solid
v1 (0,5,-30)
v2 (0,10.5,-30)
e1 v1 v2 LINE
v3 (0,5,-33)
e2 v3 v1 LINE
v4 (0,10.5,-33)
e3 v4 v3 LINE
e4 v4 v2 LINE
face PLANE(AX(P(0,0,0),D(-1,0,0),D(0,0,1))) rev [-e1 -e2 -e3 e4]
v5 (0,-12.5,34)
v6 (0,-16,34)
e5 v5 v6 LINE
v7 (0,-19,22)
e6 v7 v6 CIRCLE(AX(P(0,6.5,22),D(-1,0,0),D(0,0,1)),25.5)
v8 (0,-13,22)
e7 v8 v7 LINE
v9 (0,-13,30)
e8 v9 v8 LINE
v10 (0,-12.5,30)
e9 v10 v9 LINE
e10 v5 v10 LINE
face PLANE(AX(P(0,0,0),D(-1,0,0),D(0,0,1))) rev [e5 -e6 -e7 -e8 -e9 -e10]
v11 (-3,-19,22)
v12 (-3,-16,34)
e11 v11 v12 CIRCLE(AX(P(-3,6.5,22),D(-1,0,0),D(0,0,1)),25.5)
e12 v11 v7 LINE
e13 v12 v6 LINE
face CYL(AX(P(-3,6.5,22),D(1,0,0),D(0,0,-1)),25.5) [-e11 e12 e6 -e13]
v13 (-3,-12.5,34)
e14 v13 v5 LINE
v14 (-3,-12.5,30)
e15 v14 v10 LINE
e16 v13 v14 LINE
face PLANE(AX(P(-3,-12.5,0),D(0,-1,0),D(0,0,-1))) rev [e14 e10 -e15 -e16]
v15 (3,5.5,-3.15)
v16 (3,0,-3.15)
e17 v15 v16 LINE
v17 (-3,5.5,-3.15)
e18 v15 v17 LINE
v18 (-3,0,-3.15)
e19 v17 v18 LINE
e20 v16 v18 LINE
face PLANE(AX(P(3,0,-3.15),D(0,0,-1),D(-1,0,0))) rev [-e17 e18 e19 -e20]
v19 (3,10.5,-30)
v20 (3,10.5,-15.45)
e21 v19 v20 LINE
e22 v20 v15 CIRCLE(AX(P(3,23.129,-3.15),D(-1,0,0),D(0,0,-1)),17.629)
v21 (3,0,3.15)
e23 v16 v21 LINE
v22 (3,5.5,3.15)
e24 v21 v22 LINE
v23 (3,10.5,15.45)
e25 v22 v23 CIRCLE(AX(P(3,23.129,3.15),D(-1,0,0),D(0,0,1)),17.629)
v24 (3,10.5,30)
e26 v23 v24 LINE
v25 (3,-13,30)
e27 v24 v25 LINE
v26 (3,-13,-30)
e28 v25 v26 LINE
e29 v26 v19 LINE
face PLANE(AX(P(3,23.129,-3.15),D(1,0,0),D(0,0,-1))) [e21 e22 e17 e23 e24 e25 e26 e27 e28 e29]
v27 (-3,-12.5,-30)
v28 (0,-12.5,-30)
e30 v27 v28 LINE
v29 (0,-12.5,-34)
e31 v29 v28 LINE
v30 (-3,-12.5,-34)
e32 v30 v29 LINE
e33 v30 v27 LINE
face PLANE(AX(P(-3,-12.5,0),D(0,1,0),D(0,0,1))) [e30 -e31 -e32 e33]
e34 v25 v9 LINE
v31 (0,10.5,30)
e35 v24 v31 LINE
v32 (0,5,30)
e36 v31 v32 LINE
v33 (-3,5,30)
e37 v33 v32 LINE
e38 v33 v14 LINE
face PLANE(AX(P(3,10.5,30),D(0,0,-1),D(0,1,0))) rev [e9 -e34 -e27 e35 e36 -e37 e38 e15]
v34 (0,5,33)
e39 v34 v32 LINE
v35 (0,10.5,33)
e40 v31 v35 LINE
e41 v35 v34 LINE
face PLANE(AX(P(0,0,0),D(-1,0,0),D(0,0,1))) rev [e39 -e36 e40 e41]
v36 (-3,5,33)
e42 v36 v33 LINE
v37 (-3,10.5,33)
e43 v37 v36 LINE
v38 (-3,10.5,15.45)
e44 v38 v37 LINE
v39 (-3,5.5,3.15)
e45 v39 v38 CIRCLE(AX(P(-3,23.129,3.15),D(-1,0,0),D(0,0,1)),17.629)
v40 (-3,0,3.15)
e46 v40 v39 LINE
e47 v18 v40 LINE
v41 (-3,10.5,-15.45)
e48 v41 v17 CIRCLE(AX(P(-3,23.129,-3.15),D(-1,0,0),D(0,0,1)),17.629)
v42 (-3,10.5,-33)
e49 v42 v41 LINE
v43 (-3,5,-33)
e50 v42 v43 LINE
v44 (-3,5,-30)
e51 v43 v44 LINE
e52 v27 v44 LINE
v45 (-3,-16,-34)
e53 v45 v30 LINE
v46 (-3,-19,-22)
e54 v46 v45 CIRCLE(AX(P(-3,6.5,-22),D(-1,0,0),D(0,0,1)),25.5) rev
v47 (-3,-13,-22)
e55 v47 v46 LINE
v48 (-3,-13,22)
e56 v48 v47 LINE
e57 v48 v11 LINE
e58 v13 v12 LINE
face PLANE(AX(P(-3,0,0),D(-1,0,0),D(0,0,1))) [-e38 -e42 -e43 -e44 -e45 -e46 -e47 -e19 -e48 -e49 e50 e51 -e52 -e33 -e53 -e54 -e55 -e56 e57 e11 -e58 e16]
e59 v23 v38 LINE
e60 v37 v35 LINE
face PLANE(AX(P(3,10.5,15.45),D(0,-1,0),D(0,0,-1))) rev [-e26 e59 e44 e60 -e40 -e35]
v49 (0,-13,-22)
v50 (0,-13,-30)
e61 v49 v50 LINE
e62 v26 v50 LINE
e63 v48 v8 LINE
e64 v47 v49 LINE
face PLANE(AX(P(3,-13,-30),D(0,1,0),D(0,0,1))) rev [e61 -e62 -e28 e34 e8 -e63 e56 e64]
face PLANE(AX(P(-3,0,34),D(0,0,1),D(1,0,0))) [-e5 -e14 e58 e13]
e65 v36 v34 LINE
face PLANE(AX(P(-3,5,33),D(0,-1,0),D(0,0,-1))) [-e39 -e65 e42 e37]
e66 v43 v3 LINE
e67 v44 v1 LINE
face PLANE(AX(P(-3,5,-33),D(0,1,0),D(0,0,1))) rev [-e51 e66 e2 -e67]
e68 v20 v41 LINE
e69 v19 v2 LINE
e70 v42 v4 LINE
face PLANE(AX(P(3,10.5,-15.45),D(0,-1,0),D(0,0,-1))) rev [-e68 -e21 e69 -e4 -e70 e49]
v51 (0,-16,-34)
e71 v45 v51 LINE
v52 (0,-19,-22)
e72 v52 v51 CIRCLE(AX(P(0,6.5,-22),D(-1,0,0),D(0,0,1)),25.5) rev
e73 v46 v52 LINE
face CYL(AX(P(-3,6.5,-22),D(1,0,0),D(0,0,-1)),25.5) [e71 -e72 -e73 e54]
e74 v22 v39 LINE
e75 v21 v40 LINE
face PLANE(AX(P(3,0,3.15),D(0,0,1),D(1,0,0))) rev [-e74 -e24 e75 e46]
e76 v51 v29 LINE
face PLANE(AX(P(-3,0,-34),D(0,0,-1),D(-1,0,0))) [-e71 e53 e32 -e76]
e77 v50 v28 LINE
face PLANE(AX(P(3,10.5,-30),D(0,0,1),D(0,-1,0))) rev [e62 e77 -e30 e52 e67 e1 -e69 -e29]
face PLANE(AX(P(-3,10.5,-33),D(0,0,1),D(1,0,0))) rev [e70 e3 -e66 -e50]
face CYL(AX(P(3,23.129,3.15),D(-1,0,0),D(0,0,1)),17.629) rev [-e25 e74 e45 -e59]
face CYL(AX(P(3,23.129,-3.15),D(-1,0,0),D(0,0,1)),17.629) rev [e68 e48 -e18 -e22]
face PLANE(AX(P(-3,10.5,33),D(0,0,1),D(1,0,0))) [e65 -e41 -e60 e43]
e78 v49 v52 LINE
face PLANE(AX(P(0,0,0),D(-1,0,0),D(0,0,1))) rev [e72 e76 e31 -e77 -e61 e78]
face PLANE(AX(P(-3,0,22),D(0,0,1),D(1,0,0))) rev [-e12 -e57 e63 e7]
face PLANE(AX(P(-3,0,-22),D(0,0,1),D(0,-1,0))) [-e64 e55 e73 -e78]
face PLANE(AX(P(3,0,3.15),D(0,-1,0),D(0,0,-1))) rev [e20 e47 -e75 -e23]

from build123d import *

# Parameters (mm, degrees)
BOSS_EXTRUDE1_DEPTH = 3
BOSS_EXTRUDE2_START = 3
BOSS_EXTRUDE2_DEPTH = 3


with BuildPart() as part:
    # Sketch1 → Boss-Extrude1 (new body)
    with BuildSketch(Plane(origin=(0, 0, 0), x_dir=(0, 0, -1), z_dir=(1, 0, 0))):
        with BuildLine():
            Line((-3.15, 0), (3.15, 0))
            Line((3.15, 0), (3.15, 5.5))
            ThreePointArc((3.15, 5.5), (9.788712225, 6.797767928), (15.45, 10.5))
            Line((15.45, 10.5), (30, 10.5))
            Line((30, 10.5), (30, -13))
            Line((30, -13), (-30, -13))
            Line((-30, -13), (-30, 10.5))
            Line((-30, 10.5), (-15.45, 10.5))
            ThreePointArc((-15.45, 10.5), (-9.788712225, 6.797767928), (-3.15, 5.5))
            Line((-3.15, 5.5), (-3.15, 0))
        make_face()
    extrude(amount=BOSS_EXTRUDE1_DEPTH)

    # Sketch2 → Boss-Extrude2 (add)
    with BuildSketch(Plane.ZY.offset(BOSS_EXTRUDE2_START)):
        with BuildLine():
            Line((34, -12.5), (30, -12.5))
            Line((30, -12.5), (30, 5))
            Line((30, 5), (33, 5))
            Line((33, 5), (33, 10.5))
            Line((33, 10.5), (15.45, 10.5))
            ThreePointArc((15.45, 10.5), (9.788712225, 6.797767928), (3.15, 5.5))
            Line((3.15, 5.5), (3.15, 0))
            Line((3.15, 0), (-3.15, 0))
            Line((-3.15, 0), (-3.15, 5.5))
            ThreePointArc((-3.15, 5.5), (-9.788712225, 6.797767928), (-15.45, 10.5))
            Line((-15.45, 10.5), (-33, 10.5))
            Line((-33, 10.5), (-33, 5))
            Line((-33, 5), (-30, 5))
            Line((-30, 5), (-30, -12.5))
            Line((-30, -12.5), (-34, -12.5))
            Line((-34, -12.5), (-34, -16))
            ThreePointArc((-34, -16), (-28.184658438, -18.238633754), (-22, -19))
            Line((-22, -19), (-22, -13))
            Line((-22, -13), (22, -13))
            Line((22, -13), (22, -19))
            ThreePointArc((22, -19), (28.184658438, -18.238633754), (34, -16))
            Line((34, -16), (34, -12.5))
        make_face()
    extrude(amount=-BOSS_EXTRUDE2_DEPTH)


solid = part.part
